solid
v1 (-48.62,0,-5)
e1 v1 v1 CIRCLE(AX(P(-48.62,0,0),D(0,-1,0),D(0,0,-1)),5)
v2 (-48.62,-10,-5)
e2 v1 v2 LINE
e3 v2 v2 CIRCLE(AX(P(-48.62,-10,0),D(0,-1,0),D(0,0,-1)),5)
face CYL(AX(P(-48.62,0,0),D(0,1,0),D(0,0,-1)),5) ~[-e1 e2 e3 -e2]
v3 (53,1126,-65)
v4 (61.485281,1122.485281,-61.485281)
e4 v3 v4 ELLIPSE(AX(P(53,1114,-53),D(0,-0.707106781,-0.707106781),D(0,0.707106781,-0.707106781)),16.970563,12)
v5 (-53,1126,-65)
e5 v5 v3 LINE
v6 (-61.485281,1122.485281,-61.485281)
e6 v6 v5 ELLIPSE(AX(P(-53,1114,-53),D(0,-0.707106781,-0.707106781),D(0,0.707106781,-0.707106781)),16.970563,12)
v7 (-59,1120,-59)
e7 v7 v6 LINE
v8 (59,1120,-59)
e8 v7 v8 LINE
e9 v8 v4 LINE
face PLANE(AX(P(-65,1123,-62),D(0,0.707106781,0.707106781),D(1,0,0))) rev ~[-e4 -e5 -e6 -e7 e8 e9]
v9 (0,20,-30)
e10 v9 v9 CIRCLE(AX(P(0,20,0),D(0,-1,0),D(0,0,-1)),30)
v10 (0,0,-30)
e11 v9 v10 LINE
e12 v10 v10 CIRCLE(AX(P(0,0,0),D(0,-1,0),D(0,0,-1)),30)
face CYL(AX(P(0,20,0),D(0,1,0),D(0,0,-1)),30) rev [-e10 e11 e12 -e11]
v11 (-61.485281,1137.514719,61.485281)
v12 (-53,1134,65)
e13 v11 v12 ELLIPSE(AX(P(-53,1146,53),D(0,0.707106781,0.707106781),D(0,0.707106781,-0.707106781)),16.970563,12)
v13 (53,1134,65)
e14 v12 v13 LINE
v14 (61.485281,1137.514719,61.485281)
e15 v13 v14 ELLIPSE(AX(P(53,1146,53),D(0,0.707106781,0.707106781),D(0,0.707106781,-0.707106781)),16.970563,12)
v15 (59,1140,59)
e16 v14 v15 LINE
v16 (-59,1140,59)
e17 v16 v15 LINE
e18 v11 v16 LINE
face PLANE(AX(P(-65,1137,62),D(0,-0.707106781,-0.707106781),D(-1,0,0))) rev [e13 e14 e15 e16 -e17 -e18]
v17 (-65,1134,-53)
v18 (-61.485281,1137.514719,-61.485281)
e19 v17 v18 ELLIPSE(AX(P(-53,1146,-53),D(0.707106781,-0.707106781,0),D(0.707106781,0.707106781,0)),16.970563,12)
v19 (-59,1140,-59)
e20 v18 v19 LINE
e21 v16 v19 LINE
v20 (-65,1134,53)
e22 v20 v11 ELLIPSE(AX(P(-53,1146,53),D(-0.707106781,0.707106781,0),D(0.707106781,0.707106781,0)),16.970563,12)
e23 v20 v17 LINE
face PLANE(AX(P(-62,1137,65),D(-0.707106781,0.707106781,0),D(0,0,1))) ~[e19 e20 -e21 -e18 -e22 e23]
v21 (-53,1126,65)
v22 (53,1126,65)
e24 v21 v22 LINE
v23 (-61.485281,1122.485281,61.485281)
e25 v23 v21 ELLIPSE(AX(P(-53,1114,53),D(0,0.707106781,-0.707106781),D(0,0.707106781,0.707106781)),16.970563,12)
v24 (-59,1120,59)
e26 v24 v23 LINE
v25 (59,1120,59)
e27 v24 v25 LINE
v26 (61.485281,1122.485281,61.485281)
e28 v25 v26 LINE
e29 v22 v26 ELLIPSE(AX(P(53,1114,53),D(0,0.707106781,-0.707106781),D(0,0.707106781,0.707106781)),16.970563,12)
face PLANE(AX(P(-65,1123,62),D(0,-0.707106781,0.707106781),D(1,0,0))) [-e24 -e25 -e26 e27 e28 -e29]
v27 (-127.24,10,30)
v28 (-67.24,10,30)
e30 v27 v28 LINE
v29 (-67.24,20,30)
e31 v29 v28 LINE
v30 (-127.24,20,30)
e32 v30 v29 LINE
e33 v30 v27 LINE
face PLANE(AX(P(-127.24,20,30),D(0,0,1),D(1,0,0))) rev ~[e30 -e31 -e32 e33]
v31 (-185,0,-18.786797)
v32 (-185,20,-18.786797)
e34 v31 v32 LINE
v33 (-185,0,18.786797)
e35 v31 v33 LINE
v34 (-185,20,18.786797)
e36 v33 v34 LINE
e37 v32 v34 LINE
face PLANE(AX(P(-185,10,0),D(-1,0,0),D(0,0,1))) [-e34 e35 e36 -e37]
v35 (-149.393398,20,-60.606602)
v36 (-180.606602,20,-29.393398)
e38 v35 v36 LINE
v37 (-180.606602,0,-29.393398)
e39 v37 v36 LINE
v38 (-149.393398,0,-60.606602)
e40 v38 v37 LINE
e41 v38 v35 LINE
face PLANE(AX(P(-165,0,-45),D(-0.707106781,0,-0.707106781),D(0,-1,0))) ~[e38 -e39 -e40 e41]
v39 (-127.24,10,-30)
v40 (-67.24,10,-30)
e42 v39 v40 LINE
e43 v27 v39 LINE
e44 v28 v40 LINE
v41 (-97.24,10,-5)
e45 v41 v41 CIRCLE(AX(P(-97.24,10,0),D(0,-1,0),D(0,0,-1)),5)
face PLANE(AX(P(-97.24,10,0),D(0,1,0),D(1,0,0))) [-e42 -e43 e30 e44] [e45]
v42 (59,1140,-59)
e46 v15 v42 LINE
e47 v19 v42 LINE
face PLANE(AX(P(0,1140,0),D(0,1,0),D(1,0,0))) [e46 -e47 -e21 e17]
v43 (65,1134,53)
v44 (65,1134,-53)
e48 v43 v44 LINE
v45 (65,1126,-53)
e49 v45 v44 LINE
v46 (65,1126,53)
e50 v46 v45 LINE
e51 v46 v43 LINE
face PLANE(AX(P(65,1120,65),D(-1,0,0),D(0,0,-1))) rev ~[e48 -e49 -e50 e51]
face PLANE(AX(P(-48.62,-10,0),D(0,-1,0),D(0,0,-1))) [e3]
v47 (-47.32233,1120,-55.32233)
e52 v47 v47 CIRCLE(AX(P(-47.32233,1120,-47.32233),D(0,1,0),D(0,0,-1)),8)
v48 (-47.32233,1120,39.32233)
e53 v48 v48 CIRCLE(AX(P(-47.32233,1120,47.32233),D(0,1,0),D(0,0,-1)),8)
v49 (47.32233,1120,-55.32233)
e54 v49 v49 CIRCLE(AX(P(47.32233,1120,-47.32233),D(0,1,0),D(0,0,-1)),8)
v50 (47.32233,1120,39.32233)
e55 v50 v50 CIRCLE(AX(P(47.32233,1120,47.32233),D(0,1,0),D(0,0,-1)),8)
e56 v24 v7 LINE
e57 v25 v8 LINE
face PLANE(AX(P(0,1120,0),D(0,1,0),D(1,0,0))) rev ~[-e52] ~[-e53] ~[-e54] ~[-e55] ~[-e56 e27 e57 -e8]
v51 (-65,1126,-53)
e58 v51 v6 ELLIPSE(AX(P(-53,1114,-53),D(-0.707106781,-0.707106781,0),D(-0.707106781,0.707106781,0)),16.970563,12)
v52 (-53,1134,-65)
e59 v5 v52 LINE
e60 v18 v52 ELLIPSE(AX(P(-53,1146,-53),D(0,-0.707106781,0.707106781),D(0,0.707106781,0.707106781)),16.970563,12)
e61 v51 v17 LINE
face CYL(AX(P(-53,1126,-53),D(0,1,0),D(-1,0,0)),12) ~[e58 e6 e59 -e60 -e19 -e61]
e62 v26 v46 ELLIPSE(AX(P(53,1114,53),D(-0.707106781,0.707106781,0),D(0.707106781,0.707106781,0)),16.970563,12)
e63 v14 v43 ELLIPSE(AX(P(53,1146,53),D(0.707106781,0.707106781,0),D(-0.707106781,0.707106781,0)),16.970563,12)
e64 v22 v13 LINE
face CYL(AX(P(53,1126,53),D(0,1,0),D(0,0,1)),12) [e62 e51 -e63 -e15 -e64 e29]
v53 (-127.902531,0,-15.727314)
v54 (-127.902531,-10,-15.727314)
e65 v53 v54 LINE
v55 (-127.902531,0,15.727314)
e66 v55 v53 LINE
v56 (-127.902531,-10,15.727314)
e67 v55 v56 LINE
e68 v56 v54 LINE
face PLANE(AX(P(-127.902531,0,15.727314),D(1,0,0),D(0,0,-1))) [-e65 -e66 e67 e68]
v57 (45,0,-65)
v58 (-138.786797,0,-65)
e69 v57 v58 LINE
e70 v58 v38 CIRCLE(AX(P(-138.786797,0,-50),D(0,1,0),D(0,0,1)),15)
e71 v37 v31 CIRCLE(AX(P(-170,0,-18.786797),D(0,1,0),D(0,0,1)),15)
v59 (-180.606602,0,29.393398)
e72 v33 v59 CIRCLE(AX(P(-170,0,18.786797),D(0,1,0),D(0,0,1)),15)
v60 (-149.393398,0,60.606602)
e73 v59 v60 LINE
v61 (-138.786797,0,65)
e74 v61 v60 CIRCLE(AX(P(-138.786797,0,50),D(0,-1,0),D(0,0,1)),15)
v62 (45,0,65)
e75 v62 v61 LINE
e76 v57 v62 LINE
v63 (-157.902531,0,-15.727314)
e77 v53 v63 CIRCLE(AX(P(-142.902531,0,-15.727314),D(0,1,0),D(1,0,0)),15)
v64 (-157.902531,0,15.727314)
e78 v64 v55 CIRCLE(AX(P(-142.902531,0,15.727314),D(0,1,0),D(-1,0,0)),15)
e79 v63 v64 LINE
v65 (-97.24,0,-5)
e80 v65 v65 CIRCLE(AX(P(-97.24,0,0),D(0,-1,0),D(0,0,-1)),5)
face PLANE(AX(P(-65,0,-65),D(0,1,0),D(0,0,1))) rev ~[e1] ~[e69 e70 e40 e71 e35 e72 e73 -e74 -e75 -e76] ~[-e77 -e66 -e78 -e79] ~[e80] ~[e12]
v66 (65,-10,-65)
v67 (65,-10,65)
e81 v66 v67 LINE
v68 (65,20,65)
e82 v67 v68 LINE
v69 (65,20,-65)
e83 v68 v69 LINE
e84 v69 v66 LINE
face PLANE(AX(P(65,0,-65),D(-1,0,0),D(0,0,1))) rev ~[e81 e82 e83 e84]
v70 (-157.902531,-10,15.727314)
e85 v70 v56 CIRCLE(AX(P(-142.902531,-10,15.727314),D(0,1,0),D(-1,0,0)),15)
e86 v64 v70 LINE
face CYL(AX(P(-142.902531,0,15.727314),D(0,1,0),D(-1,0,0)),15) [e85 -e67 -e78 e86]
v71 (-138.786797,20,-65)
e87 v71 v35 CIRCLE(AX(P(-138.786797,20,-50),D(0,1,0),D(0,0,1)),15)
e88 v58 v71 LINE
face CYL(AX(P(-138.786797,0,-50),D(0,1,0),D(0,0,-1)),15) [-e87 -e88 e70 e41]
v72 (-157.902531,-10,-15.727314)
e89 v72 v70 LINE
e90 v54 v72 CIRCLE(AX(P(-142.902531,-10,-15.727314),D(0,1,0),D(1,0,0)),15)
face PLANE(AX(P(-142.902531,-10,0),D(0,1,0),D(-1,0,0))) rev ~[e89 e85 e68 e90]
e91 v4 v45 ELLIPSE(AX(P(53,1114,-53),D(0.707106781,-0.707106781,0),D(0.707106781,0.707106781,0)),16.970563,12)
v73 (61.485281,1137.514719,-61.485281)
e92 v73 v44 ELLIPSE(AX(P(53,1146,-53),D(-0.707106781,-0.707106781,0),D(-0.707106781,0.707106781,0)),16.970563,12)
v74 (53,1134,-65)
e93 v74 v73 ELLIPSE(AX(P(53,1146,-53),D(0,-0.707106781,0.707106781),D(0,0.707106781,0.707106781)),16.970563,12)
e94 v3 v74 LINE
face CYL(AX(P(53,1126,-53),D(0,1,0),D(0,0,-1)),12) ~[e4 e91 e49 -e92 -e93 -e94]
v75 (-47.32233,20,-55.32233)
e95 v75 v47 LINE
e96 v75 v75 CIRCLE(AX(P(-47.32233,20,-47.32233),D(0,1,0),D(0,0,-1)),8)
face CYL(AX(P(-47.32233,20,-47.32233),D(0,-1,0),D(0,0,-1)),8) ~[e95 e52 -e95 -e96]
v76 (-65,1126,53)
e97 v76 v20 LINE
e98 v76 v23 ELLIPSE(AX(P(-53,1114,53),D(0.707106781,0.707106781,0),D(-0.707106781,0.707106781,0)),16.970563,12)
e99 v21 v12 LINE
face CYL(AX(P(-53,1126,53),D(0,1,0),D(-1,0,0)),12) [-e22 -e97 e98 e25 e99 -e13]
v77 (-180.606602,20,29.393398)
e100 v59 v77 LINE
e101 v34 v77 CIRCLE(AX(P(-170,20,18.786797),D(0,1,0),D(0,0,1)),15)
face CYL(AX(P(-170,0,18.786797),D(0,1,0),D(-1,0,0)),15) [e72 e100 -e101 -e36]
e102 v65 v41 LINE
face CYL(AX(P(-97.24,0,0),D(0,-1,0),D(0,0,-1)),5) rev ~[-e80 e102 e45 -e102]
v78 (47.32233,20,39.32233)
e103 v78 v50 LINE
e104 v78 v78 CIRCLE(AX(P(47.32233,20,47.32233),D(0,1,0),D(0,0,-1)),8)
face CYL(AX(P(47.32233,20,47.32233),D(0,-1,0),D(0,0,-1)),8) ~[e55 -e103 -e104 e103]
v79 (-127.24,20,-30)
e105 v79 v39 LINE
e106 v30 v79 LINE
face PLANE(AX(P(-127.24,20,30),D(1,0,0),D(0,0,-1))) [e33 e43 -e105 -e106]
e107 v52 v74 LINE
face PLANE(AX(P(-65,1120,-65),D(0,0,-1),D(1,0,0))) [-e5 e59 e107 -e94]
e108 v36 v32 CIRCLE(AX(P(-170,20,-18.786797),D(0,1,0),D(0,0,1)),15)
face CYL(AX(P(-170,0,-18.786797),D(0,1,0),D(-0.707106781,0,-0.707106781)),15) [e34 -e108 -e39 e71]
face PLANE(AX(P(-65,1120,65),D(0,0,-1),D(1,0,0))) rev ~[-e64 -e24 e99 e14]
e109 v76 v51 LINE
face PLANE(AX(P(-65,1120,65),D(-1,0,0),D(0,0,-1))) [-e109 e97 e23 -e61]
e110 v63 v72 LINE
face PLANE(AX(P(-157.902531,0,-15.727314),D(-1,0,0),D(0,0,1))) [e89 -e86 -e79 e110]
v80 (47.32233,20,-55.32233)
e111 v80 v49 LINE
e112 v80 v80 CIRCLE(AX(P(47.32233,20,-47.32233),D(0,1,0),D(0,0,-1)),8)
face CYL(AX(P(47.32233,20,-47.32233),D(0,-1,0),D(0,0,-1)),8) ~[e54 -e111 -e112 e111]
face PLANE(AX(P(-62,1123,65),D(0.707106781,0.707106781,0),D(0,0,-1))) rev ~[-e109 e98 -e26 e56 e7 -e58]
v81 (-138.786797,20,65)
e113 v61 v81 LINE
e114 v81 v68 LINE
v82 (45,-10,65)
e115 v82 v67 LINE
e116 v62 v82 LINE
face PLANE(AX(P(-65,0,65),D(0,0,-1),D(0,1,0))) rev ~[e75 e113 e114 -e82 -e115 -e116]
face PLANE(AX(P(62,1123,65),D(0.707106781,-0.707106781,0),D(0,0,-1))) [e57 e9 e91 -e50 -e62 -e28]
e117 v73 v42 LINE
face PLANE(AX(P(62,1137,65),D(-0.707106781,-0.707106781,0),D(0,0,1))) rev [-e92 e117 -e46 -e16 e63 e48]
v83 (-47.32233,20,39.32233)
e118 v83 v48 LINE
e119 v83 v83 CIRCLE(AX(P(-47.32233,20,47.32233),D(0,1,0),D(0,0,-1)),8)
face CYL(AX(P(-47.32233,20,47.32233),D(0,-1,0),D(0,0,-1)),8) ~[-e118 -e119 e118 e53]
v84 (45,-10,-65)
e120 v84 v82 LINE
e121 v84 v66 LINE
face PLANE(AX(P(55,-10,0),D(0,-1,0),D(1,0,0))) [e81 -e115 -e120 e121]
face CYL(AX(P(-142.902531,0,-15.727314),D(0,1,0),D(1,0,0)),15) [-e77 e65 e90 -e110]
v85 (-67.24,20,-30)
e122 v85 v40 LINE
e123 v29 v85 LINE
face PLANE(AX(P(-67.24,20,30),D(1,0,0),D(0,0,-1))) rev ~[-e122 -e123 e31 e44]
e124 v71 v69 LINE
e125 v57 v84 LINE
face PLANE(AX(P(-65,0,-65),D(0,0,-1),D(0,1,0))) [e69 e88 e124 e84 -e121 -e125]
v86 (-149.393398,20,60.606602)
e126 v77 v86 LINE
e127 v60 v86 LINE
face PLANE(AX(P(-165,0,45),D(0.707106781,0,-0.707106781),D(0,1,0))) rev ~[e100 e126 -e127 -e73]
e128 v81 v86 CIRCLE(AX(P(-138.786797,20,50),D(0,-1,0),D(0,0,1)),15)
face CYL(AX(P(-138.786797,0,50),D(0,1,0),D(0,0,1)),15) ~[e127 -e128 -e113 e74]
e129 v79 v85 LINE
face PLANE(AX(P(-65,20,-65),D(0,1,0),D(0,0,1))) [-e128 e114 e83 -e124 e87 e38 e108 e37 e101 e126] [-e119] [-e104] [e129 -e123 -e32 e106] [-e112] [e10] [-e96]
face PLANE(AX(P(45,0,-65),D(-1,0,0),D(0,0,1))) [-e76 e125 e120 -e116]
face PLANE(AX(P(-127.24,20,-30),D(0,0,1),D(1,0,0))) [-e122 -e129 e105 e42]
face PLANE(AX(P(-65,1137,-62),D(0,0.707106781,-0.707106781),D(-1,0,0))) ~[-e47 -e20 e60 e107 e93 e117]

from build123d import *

# Parameters (mm, degrees)
SKETCH1_W            = 130
SKETCH1_H            = 130
BOSS_EXTRUDE2_DEPTH  = 20
SKETCH2_R            = 40
CUT_EXTRUDE1_DEPTH   = 95.074438611
SKETCH3_R            = 40
SKETCH3_R_2          = 30
BOSS_EXTRUDE3_DEPTH  = 20
SKETCH4_W            = 125.450553561
SKETCH4_H            = 31.465087356
CUT_EXTRUDE2_DEPTH   = 151.748134317
BOSS_EXTRUDE4_START  = -20
SKETCH5_R            = 40
SKETCH5_R_2          = 30
BOSS_EXTRUDE4_DEPTH  = 20
SKETCH6_R            = 8
BOSS_EXTRUDE5_DEPTH  = 1100
SKETCH7_W            = 130
SKETCH7_H            = 130
BOSS_EXTRUDE6_DEPTH  = 20
SKETCH8_W            = 20
SKETCH8_H            = 130
BOSS_EXTRUDE7_DEPTH  = 10
SKETCH9_W            = 130
SKETCH9_H            = 20
BOSS_EXTRUDE8_DEPTH  = 120
SKETCH10_R           = 5
BOSS_EXTRUDE9_DEPTH  = 10
SKETCH11_R           = 5
CUT_EXTRUDE3_DEPTH   = 1157.741111917
SKETCH12_W           = 60
SKETCH12_H           = 60
CUT_EXTRUDE4_DEPTH   = 10
CHAMFER1_SIZE        = 40
FILLET1_R            = 15
BOSS_EXTRUDE10_DEPTH = 10
CHAMFER2_SIZE        = 6
FILLET2_R            = 12


with BuildPart() as part:
    # Sketch1 → Boss-Extrude2 (new body)
    with BuildSketch(Plane(origin=(0, 0, 0), x_dir=(1, 0, 0), z_dir=(0, 1, 0))):
        Rectangle(SKETCH1_W, SKETCH1_H)
    extrude(amount=BOSS_EXTRUDE2_DEPTH)

    # Sketch2 → Cut-Extrude1 (cut, through all)
    with BuildSketch(Plane(origin=(0, 20, 0), x_dir=(1, 0, 0), z_dir=(0, 1, 0))):
        with Locations(Location((0, 0, 0), (0, 0, 270))):
            Circle(SKETCH2_R)
    extrude(amount=-CUT_EXTRUDE1_DEPTH, mode=Mode.SUBTRACT)

    # Sketch5 → Boss-Extrude4 (add)
    with BuildSketch(Plane.XZ.offset(BOSS_EXTRUDE4_START)):
        Circle(SKETCH5_R)
        with Locations(Location((0, 0, 0), (0, 0, 270))):
            Circle(SKETCH5_R_2, mode=Mode.SUBTRACT)
    extrude(amount=BOSS_EXTRUDE4_DEPTH)

    # Sketch6 → Boss-Extrude5 (add)
    with BuildSketch(Plane(origin=(0, 20, 0), x_dir=(1, 0, 0), z_dir=(0, 1, 0))):
        with Locations(Location((-47.32233047, 47.32233047, 0), (0, 0, 90))):
            Circle(SKETCH6_R)
        with Locations(Location((47.32233047, 47.32233047, 0), (0, 0, 90))):
            Circle(SKETCH6_R)
        with Locations(Location((47.32233047, -47.32233047, 0), (0, 0, 90))):
            Circle(SKETCH6_R)
        with Locations(Location((-47.32233047, -47.32233047, 0), (0, 0, 90))):
            Circle(SKETCH6_R)
    extrude(amount=BOSS_EXTRUDE5_DEPTH)

    # Sketch7 → Boss-Extrude6 (add)
    with BuildSketch(Plane(origin=(0, 1120, 0), x_dir=(1, 0, 0), z_dir=(0, 1, 0))):
        Rectangle(SKETCH7_W, SKETCH7_H)
    extrude(amount=BOSS_EXTRUDE6_DEPTH)

    # Sketch8 → Boss-Extrude7 (add)
    with BuildSketch(Plane.XZ):
        with Locations((55, 0)):
            Rectangle(SKETCH8_W, SKETCH8_H)
    extrude(amount=BOSS_EXTRUDE7_DEPTH)

    # Sketch9 → Boss-Extrude8 (add)
    with BuildSketch(Plane.ZY.offset(65)):
        with Locations((0, 10)):
            Rectangle(SKETCH9_W, SKETCH9_H)
    extrude(amount=BOSS_EXTRUDE8_DEPTH)

    # Sketch10 → Boss-Extrude9 (add)
    with BuildSketch(Plane.XZ):
        with Locations(Location((-48.62, 0, 0), (0, 0, 270))):
            Circle(SKETCH10_R)
    extrude(amount=BOSS_EXTRUDE9_DEPTH)

    # Sketch11 → Cut-Extrude3 (cut, through all)
    with BuildSketch(Plane.XZ):
        with Locations(Location((-97.24, 0, 0), (0, 0, 270))):
            Circle(SKETCH11_R)
    extrude(amount=-CUT_EXTRUDE3_DEPTH, mode=Mode.SUBTRACT)

    # Sketch12 → Cut-Extrude4 (cut)
    with BuildSketch(Plane(origin=(0, 20, 0), x_dir=(1, 0, 0), z_dir=(0, 1, 0))):
        with Locations((-97.24, 0)):
            Rectangle(SKETCH12_W, SKETCH12_H)
    extrude(amount=-CUT_EXTRUDE4_DEPTH, mode=Mode.SUBTRACT)

    # Chamfer1
    chamfer1_edges = [part.edges().sort_by_distance(p)[0] for p in [
        (-185, 10, -65),
        (-185, 10, 65),
    ]]
    chamfer(chamfer1_edges, length=CHAMFER1_SIZE)

    # Fillet1
    fillet1_edges = [part.edges().sort_by_distance(p)[0] for p in [
        (-185, 10, 25),
        (-185, 10, -25),
        (-145, 10, -65),
        (-145, 10, 65),
    ]]
    fillet(fillet1_edges, radius=FILLET1_R)

    # Sketch13 → Boss-Extrude10 (add)
    with BuildSketch(Plane.XZ):
        with BuildLine():
            Line((-157.902531243, -15.727314256), (-157.902531243, 15.727314256))
            ThreePointArc((-157.902531243, 15.727314256), (-142.902531243, 30.727314256), (-127.902531243, 15.727314256))
            Line((-127.902531243, 15.727314256), (-127.902531243, -15.727314256))
            ThreePointArc((-127.902531243, -15.727314256), (-142.902531243, -30.727314256), (-157.902531243, -15.727314256))
        make_face()
    extrude(amount=BOSS_EXTRUDE10_DEPTH)

    # Chamfer2
    chamfer2_edges = [part.edges().sort_by_distance(p)[0] for p in [
        (-65, 1120, 0),
        (0, 1120, 65),
        (65, 1120, 0),
        (0, 1120, -65),
        (-65, 1140, 0),
        (0, 1140, 65),
        (65, 1140, 0),
        (0, 1140, -65),
    ]]
    chamfer(chamfer2_edges, length=CHAMFER2_SIZE)

    # Fillet2
    fillet2_edges = [part.edges().sort_by_distance(p)[0] for p in [
        (-65, 1130, -65),
        (65, 1130, -65),
        (65, 1130, 65),
        (-65, 1130, 65),
    ]]
    fillet(fillet2_edges, radius=FILLET2_R)


with BuildPart() as body_2:
    # Sketch3 → Boss-Extrude3 (new body)
    with BuildSketch(Plane(origin=(0, 20, 0), x_dir=(1, 0, 0), z_dir=(0, 1, 0))):
        with Locations(Location((0, 0, 0), (0, 0, 270))):
            Circle(SKETCH3_R)
        with Locations(Location((0, 0, 0), (0, 0, 270))):
            Circle(SKETCH3_R_2, mode=Mode.SUBTRACT)
    extrude(amount=BOSS_EXTRUDE3_DEPTH)

    # Sketch4 → Cut-Extrude2 (cut, through all)
    with BuildSketch(Plane.XY.offset(65)):
        with Locations((-2.274723219, 35.732543678)):
            Rectangle(SKETCH4_W, SKETCH4_H)
    extrude(amount=-CUT_EXTRUDE2_DEPTH, mode=Mode.SUBTRACT)


solid = part.part
